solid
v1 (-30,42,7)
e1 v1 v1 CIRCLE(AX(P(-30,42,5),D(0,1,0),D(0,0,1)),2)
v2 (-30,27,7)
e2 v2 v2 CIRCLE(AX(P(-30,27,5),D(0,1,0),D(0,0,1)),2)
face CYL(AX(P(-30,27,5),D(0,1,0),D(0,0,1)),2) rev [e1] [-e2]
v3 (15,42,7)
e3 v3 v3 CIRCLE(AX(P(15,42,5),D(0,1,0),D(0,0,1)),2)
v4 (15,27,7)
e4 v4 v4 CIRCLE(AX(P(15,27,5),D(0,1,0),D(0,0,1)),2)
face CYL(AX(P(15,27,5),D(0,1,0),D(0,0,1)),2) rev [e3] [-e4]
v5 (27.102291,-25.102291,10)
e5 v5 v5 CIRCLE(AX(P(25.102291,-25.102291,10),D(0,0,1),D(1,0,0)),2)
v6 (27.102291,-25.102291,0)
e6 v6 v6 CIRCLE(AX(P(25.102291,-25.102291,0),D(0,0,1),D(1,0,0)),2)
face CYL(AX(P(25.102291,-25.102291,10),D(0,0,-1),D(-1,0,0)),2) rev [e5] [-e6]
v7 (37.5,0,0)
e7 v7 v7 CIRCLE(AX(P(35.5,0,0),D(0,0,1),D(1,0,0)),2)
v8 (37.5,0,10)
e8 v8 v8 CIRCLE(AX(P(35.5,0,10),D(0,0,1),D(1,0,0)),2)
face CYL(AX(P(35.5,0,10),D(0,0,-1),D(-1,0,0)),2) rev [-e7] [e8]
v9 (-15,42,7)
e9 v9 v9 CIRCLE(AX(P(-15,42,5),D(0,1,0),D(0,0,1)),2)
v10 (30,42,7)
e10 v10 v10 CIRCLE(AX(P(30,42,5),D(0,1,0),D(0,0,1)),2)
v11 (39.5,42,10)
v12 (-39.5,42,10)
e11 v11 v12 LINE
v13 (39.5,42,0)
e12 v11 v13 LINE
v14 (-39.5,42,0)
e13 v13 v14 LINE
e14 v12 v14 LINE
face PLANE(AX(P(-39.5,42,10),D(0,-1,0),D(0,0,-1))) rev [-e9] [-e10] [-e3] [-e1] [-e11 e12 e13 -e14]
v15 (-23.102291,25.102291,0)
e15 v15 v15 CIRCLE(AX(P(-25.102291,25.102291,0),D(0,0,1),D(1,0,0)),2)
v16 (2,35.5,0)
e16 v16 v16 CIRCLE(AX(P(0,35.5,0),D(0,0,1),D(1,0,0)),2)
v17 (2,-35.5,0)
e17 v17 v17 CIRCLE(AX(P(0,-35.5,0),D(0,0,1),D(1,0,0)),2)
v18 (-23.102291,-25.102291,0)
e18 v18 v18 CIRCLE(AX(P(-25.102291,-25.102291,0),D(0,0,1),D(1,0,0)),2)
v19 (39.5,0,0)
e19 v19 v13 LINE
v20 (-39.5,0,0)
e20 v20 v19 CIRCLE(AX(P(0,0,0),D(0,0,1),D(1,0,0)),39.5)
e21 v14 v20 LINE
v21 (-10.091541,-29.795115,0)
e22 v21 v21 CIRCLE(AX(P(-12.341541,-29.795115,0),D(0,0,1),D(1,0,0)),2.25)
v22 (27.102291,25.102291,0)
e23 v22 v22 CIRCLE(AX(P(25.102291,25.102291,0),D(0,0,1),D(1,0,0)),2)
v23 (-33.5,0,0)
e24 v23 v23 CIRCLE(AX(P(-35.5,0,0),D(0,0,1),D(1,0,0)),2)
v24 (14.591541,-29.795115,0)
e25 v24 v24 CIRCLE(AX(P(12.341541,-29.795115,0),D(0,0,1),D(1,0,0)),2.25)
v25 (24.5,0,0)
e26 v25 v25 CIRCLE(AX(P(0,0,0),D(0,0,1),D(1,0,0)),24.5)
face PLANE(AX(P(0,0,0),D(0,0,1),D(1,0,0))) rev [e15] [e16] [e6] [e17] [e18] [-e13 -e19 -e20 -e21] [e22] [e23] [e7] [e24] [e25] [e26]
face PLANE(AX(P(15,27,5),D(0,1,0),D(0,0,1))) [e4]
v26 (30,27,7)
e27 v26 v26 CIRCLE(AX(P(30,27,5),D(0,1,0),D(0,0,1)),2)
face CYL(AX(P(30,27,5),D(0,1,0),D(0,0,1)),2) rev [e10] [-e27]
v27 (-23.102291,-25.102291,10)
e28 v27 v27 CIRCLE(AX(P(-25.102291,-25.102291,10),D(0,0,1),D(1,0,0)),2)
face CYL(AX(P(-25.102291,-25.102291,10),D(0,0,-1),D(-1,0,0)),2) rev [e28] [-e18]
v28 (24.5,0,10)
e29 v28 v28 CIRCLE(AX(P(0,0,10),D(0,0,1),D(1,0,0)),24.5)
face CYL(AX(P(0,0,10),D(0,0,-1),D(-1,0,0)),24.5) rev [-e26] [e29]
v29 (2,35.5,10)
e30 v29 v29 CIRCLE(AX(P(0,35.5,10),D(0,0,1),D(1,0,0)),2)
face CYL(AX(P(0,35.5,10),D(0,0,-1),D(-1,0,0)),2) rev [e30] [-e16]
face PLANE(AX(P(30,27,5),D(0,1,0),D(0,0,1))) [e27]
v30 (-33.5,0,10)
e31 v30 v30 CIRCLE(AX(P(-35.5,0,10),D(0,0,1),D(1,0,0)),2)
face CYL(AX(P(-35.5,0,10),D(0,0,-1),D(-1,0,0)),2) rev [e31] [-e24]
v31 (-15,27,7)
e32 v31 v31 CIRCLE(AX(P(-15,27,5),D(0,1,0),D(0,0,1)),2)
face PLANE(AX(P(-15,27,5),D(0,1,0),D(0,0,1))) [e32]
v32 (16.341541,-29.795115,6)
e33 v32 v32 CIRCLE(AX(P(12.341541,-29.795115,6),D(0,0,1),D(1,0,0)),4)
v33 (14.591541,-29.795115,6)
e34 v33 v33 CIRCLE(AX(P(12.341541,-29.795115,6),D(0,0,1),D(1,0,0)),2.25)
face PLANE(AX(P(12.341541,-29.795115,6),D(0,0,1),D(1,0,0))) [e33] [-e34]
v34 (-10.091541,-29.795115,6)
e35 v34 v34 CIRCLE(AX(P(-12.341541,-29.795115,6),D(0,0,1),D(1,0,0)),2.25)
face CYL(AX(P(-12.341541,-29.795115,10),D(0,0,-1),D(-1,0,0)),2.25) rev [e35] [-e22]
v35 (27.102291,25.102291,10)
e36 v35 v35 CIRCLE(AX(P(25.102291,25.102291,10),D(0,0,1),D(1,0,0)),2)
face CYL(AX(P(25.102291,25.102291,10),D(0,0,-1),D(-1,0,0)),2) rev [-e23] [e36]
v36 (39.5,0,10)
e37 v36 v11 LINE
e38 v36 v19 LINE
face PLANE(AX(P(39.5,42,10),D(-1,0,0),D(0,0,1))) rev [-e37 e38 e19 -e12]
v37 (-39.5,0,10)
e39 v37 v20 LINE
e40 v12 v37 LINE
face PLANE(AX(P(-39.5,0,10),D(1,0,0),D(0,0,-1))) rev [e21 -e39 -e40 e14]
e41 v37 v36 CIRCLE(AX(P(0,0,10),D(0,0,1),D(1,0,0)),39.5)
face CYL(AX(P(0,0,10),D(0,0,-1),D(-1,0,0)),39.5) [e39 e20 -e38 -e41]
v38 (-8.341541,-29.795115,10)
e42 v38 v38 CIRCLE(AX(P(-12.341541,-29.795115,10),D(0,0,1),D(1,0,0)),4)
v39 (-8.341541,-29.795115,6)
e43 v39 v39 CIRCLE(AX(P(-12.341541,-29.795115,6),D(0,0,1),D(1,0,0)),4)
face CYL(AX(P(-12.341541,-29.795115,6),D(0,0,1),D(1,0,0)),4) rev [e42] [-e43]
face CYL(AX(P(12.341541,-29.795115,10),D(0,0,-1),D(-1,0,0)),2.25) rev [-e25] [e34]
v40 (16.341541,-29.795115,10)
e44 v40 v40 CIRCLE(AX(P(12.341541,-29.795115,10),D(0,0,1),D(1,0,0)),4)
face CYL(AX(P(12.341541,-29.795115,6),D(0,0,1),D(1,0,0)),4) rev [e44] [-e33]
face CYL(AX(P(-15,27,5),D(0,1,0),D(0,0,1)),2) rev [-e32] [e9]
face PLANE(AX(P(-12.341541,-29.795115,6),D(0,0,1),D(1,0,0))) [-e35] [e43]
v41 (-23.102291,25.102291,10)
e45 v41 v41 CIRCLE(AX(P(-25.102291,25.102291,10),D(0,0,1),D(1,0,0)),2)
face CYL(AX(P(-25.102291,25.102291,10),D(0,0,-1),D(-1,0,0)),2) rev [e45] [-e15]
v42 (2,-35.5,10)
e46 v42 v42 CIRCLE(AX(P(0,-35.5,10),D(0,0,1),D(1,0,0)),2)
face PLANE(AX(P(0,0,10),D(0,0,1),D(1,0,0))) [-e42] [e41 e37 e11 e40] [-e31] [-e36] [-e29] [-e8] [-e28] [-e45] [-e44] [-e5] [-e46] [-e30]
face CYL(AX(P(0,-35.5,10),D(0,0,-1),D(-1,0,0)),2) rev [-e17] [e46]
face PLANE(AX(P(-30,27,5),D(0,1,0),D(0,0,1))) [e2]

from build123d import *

# Parameters (mm, degrees)
SKETCH_1_R          = 2
SKETCH_1_R_2        = 24.5
SKETCH_1_R_3        = 2.25
EXTRUDE_1_DEPTH     = 10
SKETCH_2_R          = 2
CUT_EXTRUDE_1_DEPTH = 15
SKETCH_4_R          = 4
CUT_EXTRUDE_3_DEPTH = 4


with BuildPart() as part:
    # 스케치1 → 보스-돌출1 (new body)
    with BuildSketch(Plane.XY):
        with BuildLine():
            Line((-39.5, 0), (-39.5, 42))
            Line((-39.5, 42), (39.5, 42))
            Line((39.5, 42), (39.5, 0))
            ThreePointArc((39.5, 0), (0, -39.5), (-39.5, 0))
        make_face()
        with Locations((0, -35.5)):
            Circle(SKETCH_1_R, mode=Mode.SUBTRACT)
        with Locations((-25.102290732, -25.102290732)):
            Circle(SKETCH_1_R, mode=Mode.SUBTRACT)
        with Locations((-35.5, 0)):
            Circle(SKETCH_1_R, mode=Mode.SUBTRACT)
        with Locations((-25.102290732, 25.102290732)):
            Circle(SKETCH_1_R, mode=Mode.SUBTRACT)
        with Locations((0, 35.5)):
            Circle(SKETCH_1_R, mode=Mode.SUBTRACT)
        with Locations((25.102290732, 25.102290732)):
            Circle(SKETCH_1_R, mode=Mode.SUBTRACT)
        with Locations((35.5, 0)):
            Circle(SKETCH_1_R, mode=Mode.SUBTRACT)
        with Locations((25.102290732, -25.102290732)):
            Circle(SKETCH_1_R, mode=Mode.SUBTRACT)
        Circle(SKETCH_1_R_2, mode=Mode.SUBTRACT)
        with Locations((-12.341540694, -29.795114923)):
            Circle(SKETCH_1_R_3, mode=Mode.SUBTRACT)
        with Locations((12.341540694, -29.795114923)):
            Circle(SKETCH_1_R_3, mode=Mode.SUBTRACT)
    extrude(amount=EXTRUDE_1_DEPTH)

    # 스케치2 → 컷-돌출1 (cut)
    with BuildSketch(Plane(origin=(0, 42, 0), x_dir=(1, 0, 0), z_dir=(0, 1, 0))):
        with Locations(Location((-30, -5, 0), (0, 0, 270))):
            Circle(SKETCH_2_R)
        with Locations(Location((-15, -5, 0), (0, 0, 270))):
            Circle(SKETCH_2_R)
        with Locations(Location((15, -5, 0), (0, 0, 270))):
            Circle(SKETCH_2_R)
        with Locations(Location((30, -5, 0), (0, 0, 270))):
            Circle(SKETCH_2_R)
    extrude(amount=-CUT_EXTRUDE_1_DEPTH, mode=Mode.SUBTRACT)

    # 스케치4 → 컷-돌출3 (cut)
    with BuildSketch(Plane.XY.offset(10)):
        with Locations((-12.341540694, -29.795114923)):
            Circle(SKETCH_4_R)
        with Locations((12.341540694, -29.795114923)):
            Circle(SKETCH_4_R)
    extrude(amount=-CUT_EXTRUDE_3_DEPTH, mode=Mode.SUBTRACT)


solid = part.part
